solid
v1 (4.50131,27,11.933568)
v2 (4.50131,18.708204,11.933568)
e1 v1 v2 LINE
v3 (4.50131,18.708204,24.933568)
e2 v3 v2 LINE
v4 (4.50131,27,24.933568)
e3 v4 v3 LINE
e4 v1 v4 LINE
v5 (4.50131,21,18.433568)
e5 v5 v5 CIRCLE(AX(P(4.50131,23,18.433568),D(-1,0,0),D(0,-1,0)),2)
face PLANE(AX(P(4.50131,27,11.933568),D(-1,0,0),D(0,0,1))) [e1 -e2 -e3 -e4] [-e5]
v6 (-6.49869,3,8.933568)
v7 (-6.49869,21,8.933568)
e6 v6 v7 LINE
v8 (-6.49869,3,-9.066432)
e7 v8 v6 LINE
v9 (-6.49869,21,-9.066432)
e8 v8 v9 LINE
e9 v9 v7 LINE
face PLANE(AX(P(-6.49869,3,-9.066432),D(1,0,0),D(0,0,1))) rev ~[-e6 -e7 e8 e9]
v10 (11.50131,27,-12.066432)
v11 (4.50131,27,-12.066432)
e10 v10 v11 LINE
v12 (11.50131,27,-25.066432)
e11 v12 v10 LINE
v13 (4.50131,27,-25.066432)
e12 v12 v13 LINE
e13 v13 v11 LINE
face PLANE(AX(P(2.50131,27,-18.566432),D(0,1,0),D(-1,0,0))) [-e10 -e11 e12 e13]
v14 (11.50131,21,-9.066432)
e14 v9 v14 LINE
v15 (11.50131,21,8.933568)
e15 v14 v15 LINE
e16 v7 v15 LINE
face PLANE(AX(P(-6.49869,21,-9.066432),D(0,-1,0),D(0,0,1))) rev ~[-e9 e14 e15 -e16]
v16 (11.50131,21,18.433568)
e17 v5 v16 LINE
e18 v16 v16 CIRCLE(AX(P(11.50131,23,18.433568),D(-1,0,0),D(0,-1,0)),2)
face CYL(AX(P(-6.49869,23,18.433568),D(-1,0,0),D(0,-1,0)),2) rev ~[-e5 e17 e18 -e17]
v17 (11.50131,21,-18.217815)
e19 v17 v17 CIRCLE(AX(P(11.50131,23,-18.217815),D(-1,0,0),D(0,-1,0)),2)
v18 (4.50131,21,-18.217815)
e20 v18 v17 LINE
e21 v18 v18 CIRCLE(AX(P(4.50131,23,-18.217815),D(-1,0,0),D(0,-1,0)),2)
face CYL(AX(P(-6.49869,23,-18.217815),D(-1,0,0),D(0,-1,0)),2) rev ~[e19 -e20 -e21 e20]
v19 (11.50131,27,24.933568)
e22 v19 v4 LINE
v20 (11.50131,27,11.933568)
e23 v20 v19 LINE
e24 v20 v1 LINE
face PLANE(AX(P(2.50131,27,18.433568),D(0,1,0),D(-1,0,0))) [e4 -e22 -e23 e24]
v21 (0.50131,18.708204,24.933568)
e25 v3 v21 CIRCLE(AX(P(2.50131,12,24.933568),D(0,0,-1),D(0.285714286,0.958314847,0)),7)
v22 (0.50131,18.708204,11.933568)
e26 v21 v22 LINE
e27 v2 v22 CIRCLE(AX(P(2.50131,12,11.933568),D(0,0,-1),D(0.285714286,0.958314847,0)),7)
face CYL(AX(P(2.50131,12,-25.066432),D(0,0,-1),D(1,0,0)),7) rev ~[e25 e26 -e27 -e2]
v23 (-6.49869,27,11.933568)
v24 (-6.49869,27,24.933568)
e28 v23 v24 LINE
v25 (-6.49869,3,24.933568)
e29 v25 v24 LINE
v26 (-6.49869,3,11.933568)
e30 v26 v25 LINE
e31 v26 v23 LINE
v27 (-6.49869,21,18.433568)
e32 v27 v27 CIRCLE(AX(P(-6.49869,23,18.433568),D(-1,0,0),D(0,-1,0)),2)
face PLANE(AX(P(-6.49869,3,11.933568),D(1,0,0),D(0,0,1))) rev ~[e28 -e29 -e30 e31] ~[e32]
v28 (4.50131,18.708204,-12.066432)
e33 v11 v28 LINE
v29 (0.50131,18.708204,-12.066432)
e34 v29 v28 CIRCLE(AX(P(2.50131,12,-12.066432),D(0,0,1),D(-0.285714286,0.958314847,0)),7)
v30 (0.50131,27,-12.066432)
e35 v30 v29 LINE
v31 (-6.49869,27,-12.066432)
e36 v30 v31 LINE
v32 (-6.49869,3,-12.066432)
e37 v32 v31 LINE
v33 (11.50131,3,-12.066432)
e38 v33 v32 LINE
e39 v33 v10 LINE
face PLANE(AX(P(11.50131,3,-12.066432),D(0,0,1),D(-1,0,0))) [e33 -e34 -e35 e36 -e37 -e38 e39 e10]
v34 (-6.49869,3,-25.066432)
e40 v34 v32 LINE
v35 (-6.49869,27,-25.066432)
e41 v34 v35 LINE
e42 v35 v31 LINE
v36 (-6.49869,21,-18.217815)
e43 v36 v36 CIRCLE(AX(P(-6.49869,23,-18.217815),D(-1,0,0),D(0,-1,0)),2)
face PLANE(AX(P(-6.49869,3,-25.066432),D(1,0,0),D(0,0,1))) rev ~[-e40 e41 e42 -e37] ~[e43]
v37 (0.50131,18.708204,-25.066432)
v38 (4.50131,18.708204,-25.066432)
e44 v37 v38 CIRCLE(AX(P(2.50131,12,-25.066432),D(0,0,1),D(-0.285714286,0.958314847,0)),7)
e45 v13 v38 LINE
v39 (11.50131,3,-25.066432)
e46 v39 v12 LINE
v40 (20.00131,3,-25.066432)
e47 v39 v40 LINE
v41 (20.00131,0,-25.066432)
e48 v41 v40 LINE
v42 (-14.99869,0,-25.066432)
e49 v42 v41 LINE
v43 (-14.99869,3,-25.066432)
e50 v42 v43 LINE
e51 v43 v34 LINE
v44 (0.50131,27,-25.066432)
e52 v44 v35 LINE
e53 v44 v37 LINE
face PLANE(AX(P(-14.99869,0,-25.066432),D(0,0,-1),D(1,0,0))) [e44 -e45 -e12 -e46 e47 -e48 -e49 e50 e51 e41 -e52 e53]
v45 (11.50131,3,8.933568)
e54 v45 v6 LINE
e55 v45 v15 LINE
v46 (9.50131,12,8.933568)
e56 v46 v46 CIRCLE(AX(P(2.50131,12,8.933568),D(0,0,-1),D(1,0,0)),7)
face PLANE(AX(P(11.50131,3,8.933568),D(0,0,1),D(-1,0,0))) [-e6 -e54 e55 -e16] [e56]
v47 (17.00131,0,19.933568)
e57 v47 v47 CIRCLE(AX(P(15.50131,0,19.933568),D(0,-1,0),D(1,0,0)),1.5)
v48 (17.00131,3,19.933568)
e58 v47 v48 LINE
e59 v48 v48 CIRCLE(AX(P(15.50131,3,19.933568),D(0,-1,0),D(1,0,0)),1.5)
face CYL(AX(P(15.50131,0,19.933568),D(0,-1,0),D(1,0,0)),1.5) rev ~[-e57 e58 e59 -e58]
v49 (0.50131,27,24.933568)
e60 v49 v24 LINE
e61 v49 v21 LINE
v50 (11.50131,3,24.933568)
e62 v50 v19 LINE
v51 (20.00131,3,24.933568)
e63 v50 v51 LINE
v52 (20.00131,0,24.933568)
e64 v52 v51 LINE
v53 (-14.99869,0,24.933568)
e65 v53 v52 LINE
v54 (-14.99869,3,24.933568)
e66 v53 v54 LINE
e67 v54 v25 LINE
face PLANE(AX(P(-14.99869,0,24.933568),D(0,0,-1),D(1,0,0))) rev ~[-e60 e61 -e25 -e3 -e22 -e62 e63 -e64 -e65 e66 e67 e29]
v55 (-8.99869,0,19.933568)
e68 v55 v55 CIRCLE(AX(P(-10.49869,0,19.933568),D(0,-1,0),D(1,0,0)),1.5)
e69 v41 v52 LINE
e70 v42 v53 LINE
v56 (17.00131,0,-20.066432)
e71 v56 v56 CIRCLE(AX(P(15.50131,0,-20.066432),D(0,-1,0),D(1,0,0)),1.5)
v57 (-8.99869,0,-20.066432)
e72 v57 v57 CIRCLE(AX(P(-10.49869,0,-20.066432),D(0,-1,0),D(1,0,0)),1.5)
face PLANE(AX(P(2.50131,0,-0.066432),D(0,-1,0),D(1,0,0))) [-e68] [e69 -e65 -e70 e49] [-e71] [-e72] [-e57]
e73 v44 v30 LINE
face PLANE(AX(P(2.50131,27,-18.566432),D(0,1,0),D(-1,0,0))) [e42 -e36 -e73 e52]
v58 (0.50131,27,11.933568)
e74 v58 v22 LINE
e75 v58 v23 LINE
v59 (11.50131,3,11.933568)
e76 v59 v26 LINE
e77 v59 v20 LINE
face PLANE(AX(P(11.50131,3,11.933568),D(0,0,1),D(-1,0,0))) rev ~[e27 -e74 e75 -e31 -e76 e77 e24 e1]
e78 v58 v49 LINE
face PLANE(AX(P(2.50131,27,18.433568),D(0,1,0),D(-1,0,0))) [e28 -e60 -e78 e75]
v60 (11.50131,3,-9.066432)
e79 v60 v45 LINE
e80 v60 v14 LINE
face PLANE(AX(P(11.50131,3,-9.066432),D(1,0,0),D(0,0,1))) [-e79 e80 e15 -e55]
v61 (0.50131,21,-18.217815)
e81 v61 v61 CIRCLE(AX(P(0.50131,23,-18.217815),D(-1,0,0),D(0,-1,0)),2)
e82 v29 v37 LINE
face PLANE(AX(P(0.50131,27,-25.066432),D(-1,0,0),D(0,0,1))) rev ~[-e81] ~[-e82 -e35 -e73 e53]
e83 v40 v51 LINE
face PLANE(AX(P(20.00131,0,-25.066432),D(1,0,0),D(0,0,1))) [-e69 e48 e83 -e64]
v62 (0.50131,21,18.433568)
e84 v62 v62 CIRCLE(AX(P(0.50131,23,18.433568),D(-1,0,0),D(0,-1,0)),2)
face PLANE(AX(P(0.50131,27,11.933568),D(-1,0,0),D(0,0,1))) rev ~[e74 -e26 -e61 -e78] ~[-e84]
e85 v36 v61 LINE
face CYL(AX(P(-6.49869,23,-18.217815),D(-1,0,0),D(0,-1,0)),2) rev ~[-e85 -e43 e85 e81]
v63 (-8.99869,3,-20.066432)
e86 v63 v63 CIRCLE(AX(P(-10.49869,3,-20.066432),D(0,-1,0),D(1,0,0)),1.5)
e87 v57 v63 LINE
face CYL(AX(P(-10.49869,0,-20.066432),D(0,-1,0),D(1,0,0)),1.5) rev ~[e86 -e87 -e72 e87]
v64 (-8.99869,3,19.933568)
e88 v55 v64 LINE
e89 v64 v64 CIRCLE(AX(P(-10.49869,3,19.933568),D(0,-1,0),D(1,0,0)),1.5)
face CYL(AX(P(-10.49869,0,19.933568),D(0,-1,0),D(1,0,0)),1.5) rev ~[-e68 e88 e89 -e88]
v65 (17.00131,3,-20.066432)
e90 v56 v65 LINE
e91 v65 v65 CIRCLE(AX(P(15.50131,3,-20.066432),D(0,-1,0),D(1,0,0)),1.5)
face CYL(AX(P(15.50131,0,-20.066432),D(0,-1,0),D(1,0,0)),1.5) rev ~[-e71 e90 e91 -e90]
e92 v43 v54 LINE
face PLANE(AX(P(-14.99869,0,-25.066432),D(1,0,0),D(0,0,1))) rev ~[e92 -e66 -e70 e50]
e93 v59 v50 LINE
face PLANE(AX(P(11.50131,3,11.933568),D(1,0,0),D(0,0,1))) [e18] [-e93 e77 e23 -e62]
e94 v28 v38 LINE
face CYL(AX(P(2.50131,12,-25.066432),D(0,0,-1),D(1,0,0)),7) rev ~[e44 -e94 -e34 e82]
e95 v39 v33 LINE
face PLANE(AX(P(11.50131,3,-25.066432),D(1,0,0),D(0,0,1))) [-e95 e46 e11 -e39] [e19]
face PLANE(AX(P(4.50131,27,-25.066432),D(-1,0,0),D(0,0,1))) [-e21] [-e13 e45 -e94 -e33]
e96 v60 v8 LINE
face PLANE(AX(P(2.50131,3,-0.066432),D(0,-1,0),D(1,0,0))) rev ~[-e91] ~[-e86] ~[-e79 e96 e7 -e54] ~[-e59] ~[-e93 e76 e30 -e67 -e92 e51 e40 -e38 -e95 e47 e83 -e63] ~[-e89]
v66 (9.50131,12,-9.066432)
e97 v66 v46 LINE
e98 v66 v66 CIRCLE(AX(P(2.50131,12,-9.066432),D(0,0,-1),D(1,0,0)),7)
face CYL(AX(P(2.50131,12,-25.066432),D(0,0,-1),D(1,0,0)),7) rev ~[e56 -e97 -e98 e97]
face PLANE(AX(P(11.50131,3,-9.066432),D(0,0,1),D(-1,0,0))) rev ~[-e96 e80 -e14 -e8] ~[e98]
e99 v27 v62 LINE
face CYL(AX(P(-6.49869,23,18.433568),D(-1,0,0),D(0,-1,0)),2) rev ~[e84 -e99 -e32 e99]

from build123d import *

# Parameters (mm, degrees)
F0_W      = 35
F0_H      = 50
F1_DEPTH  = 3
F2_W      = 18
F2_H      = 13
F2_H_2    = 18
F3_DEPTH  = 24
F4_R      = 7
F5_DEPTH  = 50
F6_R      = 2
F7_DEPTH  = 25
F8_W      = 4
F8_H      = 13
F9_DEPTH  = 10
F10_W     = 4
F10_H     = 13
F11_DEPTH = 10
F12_R     = 1.5
F13_DEPTH = 5
F14_W     = 6
F14_H     = 18
F15_DEPTH = 18


with BuildPart() as f1:
    # F0 (on Front) → F1 (new body)
    with BuildSketch(Plane.XZ):
        with Locations((2.50131, -0.066432)):
            Rectangle(F0_W, F0_H)
    extrude(amount=-F1_DEPTH)

    # F2 (on face) → F3 (join)
    with BuildSketch(Plane(origin=(0, 3, 0), x_dir=(-1, 0, 0), z_dir=(0, 1, 0))):
        with Locations((-2.50131, 18.433568)):
            Rectangle(F2_W, F2_H)
        with Locations((-2.50131, -0.066432)):
            Rectangle(F2_W, F2_H_2)
        with Locations((-2.50131, -18.566432)):
            Rectangle(F2_W, F2_H)
    extrude(amount=F3_DEPTH)

    # F4 (on face) → F5 (cut)
    with BuildSketch(Plane(origin=(0, 0, -25.066432), x_dir=(1, 0, 0), z_dir=(0, 0, -1))):
        with Locations((2.50131, -12)):
            Circle(F4_R)
    extrude(amount=-F5_DEPTH, mode=Mode.SUBTRACT)

    # F6 (on face) → F7 (cut)
    with BuildSketch(Plane(origin=(-6.49869, 0, 0), x_dir=(0, -1, 0), z_dir=(-1, 0, 0))):
        with Locations((-23, 18.433568)):
            Circle(F6_R)
        with Locations((-23, -18.217815)):
            Circle(F6_R)
    extrude(amount=-F7_DEPTH, mode=Mode.SUBTRACT)

    # F8 (on face) → F9 (cut)
    with BuildSketch(Plane(origin=(0, 27, 0), x_dir=(-1, 0, 0), z_dir=(0, 1, 0))):
        with Locations((-2.50131, 18.433568)):
            Rectangle(F8_W, F8_H)
    extrude(amount=-F9_DEPTH, mode=Mode.SUBTRACT)

    # F10 (on face) → F11 (cut)
    with BuildSketch(Plane(origin=(0, 27, 0), x_dir=(-1, 0, 0), z_dir=(0, 1, 0))):
        with Locations((-2.50131, -18.566432)):
            Rectangle(F10_W, F10_H)
    extrude(amount=-F11_DEPTH, mode=Mode.SUBTRACT)

    # F12 (on face) → F13 (cut)
    with BuildSketch(Plane.XZ):
        with Locations((15.50131, 19.933568)):
            Circle(F12_R)
        with Locations((-10.49869, -20.066432)):
            Circle(F12_R)
        with Locations((15.50131, -20.066432)):
            Circle(F12_R)
        with Locations((-10.49869, 19.933568)):
            Circle(F12_R)
    extrude(amount=-F13_DEPTH, mode=Mode.SUBTRACT)

    # F14 (on face) → F15 (cut)
    with BuildSketch(Plane(origin=(-6.49869, 0, 0), x_dir=(0, -1, 0), z_dir=(-1, 0, 0))):
        with Locations((-24, -0.066432)):
            Rectangle(F14_W, F14_H)
    extrude(amount=-F15_DEPTH, mode=Mode.SUBTRACT)


solid = f1.part
